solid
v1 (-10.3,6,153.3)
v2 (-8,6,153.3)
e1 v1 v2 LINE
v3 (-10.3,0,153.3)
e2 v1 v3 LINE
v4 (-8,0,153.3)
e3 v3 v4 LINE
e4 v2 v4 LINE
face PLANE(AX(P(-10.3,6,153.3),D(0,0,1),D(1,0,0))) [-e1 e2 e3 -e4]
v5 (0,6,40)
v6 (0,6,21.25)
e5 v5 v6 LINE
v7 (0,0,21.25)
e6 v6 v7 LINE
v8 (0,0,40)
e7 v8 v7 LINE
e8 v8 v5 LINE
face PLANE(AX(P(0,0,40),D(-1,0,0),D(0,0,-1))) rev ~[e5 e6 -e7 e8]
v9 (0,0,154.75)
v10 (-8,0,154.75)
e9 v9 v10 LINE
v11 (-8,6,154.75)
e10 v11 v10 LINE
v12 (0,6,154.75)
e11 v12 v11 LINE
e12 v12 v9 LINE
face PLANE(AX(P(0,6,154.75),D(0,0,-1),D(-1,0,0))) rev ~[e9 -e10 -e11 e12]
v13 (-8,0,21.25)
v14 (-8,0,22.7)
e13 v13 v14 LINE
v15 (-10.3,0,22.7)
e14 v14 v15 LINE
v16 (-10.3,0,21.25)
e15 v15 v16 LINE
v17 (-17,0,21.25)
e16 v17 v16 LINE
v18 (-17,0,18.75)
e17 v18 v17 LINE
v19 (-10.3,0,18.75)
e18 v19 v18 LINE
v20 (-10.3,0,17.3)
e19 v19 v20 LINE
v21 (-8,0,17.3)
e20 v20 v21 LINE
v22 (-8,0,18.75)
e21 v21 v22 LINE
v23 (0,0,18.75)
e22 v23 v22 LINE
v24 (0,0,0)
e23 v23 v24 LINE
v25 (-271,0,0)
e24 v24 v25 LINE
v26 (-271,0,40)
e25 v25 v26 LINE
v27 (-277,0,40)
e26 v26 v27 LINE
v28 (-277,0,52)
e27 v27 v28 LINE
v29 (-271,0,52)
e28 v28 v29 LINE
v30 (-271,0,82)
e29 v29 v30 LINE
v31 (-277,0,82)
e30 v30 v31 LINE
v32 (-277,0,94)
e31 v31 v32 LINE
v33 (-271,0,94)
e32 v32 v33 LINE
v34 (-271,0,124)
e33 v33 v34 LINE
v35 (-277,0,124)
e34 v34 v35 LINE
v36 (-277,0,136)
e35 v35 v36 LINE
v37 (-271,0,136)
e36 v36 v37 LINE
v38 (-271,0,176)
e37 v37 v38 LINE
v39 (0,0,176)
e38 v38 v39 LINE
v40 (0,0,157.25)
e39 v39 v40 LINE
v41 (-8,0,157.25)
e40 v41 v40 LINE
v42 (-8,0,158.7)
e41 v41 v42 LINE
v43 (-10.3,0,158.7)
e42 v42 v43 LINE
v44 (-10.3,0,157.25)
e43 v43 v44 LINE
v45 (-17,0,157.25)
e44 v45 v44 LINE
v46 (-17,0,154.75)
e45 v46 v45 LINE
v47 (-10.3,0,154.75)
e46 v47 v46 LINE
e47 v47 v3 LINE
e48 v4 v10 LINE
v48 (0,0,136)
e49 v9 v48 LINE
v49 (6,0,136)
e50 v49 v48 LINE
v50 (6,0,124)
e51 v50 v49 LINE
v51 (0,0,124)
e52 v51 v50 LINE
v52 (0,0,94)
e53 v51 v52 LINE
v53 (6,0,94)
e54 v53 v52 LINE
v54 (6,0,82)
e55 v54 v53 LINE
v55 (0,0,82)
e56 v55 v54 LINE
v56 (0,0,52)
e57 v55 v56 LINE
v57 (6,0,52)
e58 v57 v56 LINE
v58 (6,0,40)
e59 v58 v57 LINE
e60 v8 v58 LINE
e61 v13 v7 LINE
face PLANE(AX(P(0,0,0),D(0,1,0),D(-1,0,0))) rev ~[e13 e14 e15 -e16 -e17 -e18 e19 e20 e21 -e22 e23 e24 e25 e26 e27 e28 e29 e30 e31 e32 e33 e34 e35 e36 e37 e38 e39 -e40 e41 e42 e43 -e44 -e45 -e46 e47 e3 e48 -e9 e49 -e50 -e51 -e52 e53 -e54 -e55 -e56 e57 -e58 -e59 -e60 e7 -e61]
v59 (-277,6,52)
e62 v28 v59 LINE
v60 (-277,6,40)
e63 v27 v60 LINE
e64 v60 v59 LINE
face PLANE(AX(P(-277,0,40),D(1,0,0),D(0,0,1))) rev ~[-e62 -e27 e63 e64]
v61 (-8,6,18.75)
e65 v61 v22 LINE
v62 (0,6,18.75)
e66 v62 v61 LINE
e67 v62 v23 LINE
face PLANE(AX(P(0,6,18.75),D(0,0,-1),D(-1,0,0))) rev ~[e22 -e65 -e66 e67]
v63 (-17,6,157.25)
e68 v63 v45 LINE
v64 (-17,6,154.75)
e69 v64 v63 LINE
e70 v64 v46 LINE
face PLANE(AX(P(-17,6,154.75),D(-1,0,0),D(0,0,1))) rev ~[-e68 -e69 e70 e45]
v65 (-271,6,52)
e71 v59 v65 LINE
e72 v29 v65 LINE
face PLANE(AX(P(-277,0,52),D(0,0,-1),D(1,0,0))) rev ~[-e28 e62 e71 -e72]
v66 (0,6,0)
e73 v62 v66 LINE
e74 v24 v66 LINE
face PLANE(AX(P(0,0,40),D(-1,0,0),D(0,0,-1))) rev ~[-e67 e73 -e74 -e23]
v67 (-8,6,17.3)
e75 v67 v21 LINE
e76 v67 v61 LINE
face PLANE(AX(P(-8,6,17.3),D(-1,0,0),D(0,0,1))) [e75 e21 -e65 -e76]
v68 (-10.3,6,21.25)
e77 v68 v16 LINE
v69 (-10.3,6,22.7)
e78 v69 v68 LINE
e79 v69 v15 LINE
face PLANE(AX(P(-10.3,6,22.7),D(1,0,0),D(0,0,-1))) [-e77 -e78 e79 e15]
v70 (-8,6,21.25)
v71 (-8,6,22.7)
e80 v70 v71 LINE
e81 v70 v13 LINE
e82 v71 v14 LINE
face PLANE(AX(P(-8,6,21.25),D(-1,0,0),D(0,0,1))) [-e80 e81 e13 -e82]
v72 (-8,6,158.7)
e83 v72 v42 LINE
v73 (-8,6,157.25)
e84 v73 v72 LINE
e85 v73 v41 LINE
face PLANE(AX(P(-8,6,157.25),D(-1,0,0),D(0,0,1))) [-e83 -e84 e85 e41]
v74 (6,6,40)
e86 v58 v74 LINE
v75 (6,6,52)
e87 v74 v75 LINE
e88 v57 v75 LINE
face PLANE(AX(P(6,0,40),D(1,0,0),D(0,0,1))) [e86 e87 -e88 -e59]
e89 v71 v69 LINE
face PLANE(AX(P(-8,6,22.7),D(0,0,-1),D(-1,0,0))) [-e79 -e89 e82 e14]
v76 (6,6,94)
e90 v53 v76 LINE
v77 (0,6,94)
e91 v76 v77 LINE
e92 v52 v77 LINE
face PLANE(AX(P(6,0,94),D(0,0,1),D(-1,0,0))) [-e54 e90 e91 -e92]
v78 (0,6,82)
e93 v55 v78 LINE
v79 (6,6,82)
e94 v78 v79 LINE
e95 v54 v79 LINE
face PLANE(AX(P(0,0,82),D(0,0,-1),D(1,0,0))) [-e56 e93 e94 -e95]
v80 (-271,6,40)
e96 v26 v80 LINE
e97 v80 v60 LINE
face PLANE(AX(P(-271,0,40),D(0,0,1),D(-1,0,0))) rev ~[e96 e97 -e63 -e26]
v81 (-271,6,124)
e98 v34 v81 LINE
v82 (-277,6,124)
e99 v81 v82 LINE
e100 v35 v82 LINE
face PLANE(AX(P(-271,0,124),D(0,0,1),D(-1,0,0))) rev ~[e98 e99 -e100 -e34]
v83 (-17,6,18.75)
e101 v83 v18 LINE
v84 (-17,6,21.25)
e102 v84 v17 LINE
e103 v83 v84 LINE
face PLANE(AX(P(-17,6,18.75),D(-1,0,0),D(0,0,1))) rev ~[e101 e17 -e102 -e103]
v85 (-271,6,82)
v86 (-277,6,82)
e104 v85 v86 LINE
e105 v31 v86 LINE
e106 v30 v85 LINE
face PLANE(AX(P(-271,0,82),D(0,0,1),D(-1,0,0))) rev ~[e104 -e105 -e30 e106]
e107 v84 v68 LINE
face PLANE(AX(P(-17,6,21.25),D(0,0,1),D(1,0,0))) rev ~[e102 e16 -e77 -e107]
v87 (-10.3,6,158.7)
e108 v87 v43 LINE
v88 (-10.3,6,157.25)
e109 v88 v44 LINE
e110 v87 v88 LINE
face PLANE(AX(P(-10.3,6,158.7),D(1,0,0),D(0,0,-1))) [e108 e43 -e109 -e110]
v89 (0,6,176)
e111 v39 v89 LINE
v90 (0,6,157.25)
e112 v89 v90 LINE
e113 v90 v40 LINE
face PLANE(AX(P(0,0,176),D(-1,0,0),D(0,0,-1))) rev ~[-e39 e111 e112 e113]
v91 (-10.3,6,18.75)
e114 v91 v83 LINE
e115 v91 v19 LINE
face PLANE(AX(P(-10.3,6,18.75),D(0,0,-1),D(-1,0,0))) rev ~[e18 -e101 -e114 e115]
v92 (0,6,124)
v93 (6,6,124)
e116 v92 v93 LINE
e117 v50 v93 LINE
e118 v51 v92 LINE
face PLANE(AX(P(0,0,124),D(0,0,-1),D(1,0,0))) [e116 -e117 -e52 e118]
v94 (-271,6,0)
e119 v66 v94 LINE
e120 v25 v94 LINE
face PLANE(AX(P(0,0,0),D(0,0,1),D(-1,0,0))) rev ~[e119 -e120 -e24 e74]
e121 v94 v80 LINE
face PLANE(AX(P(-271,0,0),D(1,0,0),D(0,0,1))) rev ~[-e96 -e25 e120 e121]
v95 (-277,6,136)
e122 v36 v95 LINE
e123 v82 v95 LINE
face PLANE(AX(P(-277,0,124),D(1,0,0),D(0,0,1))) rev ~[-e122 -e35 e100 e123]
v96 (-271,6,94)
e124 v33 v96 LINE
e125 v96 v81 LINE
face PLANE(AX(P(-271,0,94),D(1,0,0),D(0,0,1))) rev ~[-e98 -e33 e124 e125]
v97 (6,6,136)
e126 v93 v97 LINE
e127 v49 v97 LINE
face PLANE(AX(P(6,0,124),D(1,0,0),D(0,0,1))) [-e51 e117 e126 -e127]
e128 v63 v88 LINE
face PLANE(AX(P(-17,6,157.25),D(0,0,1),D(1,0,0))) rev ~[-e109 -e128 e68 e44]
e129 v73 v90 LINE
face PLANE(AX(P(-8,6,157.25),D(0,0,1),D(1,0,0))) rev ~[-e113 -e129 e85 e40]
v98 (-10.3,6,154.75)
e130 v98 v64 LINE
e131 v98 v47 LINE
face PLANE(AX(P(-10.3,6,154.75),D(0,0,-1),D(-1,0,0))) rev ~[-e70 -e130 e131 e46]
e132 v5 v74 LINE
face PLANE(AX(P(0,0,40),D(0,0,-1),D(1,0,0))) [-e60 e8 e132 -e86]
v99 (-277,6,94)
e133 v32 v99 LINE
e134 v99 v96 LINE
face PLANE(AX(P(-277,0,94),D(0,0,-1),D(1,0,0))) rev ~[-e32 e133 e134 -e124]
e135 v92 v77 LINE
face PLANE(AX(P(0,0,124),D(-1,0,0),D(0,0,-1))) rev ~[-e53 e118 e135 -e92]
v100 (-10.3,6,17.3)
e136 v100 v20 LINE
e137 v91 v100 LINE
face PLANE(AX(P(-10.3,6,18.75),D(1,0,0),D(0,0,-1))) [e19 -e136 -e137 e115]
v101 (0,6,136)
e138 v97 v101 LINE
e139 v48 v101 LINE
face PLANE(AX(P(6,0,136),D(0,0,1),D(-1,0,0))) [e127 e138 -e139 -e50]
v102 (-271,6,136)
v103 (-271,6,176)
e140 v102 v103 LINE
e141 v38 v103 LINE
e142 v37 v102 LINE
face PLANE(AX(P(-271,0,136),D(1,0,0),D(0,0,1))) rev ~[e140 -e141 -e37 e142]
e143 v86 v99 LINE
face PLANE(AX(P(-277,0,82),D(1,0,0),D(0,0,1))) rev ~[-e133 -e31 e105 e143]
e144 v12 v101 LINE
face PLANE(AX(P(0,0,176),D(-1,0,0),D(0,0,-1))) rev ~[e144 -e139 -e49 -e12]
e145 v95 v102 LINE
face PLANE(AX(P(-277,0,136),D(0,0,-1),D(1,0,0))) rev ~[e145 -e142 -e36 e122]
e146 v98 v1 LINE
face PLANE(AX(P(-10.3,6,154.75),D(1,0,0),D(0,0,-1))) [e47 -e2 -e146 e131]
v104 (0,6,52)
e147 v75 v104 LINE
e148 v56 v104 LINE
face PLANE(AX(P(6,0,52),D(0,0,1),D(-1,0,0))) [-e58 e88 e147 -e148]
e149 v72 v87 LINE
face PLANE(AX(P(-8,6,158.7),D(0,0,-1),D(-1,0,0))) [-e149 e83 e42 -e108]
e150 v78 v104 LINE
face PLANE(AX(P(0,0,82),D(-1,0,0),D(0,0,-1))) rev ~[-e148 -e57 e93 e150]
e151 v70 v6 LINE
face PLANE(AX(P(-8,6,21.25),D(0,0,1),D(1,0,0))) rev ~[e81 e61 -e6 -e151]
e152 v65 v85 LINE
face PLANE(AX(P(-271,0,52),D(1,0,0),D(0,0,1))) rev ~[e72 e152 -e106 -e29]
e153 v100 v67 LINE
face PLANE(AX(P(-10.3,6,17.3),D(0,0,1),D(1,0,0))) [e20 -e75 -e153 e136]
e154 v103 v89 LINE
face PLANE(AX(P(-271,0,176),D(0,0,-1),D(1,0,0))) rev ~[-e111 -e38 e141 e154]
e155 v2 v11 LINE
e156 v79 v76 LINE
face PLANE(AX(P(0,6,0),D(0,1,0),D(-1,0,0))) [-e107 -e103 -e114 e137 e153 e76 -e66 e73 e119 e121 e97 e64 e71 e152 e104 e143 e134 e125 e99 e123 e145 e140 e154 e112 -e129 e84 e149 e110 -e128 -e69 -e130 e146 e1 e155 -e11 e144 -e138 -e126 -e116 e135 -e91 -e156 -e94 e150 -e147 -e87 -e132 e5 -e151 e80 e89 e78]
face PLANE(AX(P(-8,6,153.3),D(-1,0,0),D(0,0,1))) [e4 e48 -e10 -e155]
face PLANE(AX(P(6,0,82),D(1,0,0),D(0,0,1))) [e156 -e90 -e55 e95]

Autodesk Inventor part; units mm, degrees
ref_plane "YZ Plane" through (0, 0, 0) normal (1, 0, 0) x (0, 1, 0)
ref_plane "XZ Plane" through (0, 0, 0) normal (0, 1, 0) x (-1, 0, 0)
ref_plane "XY Plane" through (0, 0, 0) normal (0, 0, 1) x (1, 0, 0)
sketch "Sketch1" plane through (0, 0, 0) normal (0, 1, 0) x (-1, 0, 0)
  line L0 (0, 0) -> (271, 0)
  line L1 (271, 0) -> (271, 176)
  line L2 (271, 176) -> (0, 176)
  line L3 (0, 176) -> (0, 0)
  line L4 (-6, 136) -> (0, 136)
  line L5 (0, 136) -> (0, 124)
  line L6 (0, 124) -> (-6, 124)
  line L7 (-6, 124) -> (-6, 136)
  line L8 (-6, 94) -> (0, 94)
  line L9 (0, 94) -> (0, 82)
  line L10 (0, 82) -> (-6, 82)
  line L11 (-6, 82) -> (-6, 94)
  line L12 (-6, 52) -> (0, 52)
  line L13 (0, 52) -> (0, 40)
  line L14 (0, 40) -> (-6, 40)
  line L15 (-6, 40) -> (-6, 52)
  circle A0 centre (-3, 156) radius 1.25
  circle A1 centre (-3, 20) radius 1.25
  line L16 (-3, 40) -> (-3, 20) construction
  line L17 (135.5, 176) -> (135.5, 0) construction
  line L18 (277, 40) -> (277, 52)
  line L19 (271, 40) -> (277, 40)
  line L20 (271, 52) -> (271, 40)
  line L21 (277, 52) -> (271, 52)
  line L22 (271, 82) -> (277, 82)
  line L23 (277, 94) -> (271, 94)
  line L24 (271, 94) -> (271, 82)
  line L25 (277, 82) -> (277, 94)
  line L26 (271, 124) -> (277, 124)
  line L27 (271, 136) -> (271, 124)
  line L28 (277, 136) -> (271, 136)
  line L29 (277, 124) -> (277, 136)
  point P0 (274, 40)
  dimension "d0" = 271
  dimension "d2" = 6
  dimension "d3" = 12
  dimension "d4" = 30
  dimension "d5" = 30
  dimension "d6" = 2.5
  dimension "d7" = 2.5
  dimension "d8" = 20
  dimension "d9" = 20
  dimension "d10" = 20
  dimension "d13" = 20
extrude "Extrusion1" add sketch "Sketch1" along normal blind 6 contours L3 L2 L1 L0 | L14 L15 L12 L3 | L1 L21 L18 L19 | L10 L11 L8 L3 | L1 L23 L25 L22 | L6 L7 L4 L3 | L1 L28 L29 L26
sketch "Sketch2" plane through (0, 6, 0) normal (0, 1, 0) x (1, 0, 0)
  line L0 (0, -40) -> (0, 0) projected
  line L1 (0, -18.75) -> (-8, -18.75)
  line L2 (-17, -18.75) -> (-17, -21.25)
  line L3 (-17, -21.25) -> (-10.3, -21.25)
  line L4 (0, -21.25) -> (0, -18.75)
  line L5 (0, 0) -> (-271, 0) projected
  line L6 (-8, -22.7) -> (-10.3, -22.7)
  line L7 (-10.3, -22.7) -> (-10.3, -21.25)
  line L8 (-10.3, -17.3) -> (-8, -17.3)
  line L9 (-8, -17.3) -> (-8, -18.75)
  line L10 (-8, -21.25) -> (-8, -22.7)
  line L11 (-8, -18.75) -> (-8, -21.25) construction
  line L12 (-10.3, -21.25) -> (-10.3, -18.75) construction
  line L13 (-10.3, -18.75) -> (-10.3, -17.3)
  line L14 (-8, -21.25) -> (0, -21.25)
  line L15 (-10.3, -21.25) -> (-8, -21.25) construction
  line L16 (-8, -18.75) -> (-10.3, -18.75) construction
  line L17 (-10.3, -18.75) -> (-17, -18.75)
  line L18 (0, -154.75) -> (-8, -154.75)
  line L19 (-17, -154.75) -> (-17, -157.25)
  line L20 (-17, -157.25) -> (-10.3, -157.25)
  line L21 (0, -157.25) -> (0, -154.75)
  line L22 (-8, -158.7) -> (-10.3, -158.7)
  line L23 (-10.3, -158.7) -> (-10.3, -157.25)
  line L24 (-10.3, -153.3) -> (-8, -153.3)
  line L25 (-8, -153.3) -> (-8, -154.75)
  line L26 (-8, -157.25) -> (-8, -158.7)
  line L27 (-8, -154.75) -> (-8, -157.25) construction
  line L28 (-10.3, -157.25) -> (-10.3, -154.75) construction
  line L29 (-10.3, -154.75) -> (-10.3, -153.3)
  line L30 (-8, -157.25) -> (0, -157.25)
  line L31 (-10.3, -157.25) -> (-8, -157.25) construction
  line L32 (-8, -154.75) -> (-10.3, -154.75) construction
  line L33 (-10.3, -154.75) -> (-17, -154.75)
  line L34 (0, -176) -> (0, -136) projected
  line L35 (-271, -176) -> (0, -176) projected
  dimension "d14" = 17
  dimension "d15" = 2.5
  dimension "d16" = 18.75
  dimension "d19" = 2.3
  dimension "d20" = 5.4
  dimension "d21" = 8
  dimension "d22" = 17
  dimension "d23" = 2.5
  dimension "d24" = 2.3
  dimension "d25" = 5.4
  dimension "d26" = 18.75
extrude "Extrusion2" cut sketch "Sketch2" against normal through all
equation "\"d5\" = d4"
equation "\"d6\" = d7"
equation "\"d9\" = d8"
equation "\"d26\" = d16"
properties part number "pinball-case-back"
